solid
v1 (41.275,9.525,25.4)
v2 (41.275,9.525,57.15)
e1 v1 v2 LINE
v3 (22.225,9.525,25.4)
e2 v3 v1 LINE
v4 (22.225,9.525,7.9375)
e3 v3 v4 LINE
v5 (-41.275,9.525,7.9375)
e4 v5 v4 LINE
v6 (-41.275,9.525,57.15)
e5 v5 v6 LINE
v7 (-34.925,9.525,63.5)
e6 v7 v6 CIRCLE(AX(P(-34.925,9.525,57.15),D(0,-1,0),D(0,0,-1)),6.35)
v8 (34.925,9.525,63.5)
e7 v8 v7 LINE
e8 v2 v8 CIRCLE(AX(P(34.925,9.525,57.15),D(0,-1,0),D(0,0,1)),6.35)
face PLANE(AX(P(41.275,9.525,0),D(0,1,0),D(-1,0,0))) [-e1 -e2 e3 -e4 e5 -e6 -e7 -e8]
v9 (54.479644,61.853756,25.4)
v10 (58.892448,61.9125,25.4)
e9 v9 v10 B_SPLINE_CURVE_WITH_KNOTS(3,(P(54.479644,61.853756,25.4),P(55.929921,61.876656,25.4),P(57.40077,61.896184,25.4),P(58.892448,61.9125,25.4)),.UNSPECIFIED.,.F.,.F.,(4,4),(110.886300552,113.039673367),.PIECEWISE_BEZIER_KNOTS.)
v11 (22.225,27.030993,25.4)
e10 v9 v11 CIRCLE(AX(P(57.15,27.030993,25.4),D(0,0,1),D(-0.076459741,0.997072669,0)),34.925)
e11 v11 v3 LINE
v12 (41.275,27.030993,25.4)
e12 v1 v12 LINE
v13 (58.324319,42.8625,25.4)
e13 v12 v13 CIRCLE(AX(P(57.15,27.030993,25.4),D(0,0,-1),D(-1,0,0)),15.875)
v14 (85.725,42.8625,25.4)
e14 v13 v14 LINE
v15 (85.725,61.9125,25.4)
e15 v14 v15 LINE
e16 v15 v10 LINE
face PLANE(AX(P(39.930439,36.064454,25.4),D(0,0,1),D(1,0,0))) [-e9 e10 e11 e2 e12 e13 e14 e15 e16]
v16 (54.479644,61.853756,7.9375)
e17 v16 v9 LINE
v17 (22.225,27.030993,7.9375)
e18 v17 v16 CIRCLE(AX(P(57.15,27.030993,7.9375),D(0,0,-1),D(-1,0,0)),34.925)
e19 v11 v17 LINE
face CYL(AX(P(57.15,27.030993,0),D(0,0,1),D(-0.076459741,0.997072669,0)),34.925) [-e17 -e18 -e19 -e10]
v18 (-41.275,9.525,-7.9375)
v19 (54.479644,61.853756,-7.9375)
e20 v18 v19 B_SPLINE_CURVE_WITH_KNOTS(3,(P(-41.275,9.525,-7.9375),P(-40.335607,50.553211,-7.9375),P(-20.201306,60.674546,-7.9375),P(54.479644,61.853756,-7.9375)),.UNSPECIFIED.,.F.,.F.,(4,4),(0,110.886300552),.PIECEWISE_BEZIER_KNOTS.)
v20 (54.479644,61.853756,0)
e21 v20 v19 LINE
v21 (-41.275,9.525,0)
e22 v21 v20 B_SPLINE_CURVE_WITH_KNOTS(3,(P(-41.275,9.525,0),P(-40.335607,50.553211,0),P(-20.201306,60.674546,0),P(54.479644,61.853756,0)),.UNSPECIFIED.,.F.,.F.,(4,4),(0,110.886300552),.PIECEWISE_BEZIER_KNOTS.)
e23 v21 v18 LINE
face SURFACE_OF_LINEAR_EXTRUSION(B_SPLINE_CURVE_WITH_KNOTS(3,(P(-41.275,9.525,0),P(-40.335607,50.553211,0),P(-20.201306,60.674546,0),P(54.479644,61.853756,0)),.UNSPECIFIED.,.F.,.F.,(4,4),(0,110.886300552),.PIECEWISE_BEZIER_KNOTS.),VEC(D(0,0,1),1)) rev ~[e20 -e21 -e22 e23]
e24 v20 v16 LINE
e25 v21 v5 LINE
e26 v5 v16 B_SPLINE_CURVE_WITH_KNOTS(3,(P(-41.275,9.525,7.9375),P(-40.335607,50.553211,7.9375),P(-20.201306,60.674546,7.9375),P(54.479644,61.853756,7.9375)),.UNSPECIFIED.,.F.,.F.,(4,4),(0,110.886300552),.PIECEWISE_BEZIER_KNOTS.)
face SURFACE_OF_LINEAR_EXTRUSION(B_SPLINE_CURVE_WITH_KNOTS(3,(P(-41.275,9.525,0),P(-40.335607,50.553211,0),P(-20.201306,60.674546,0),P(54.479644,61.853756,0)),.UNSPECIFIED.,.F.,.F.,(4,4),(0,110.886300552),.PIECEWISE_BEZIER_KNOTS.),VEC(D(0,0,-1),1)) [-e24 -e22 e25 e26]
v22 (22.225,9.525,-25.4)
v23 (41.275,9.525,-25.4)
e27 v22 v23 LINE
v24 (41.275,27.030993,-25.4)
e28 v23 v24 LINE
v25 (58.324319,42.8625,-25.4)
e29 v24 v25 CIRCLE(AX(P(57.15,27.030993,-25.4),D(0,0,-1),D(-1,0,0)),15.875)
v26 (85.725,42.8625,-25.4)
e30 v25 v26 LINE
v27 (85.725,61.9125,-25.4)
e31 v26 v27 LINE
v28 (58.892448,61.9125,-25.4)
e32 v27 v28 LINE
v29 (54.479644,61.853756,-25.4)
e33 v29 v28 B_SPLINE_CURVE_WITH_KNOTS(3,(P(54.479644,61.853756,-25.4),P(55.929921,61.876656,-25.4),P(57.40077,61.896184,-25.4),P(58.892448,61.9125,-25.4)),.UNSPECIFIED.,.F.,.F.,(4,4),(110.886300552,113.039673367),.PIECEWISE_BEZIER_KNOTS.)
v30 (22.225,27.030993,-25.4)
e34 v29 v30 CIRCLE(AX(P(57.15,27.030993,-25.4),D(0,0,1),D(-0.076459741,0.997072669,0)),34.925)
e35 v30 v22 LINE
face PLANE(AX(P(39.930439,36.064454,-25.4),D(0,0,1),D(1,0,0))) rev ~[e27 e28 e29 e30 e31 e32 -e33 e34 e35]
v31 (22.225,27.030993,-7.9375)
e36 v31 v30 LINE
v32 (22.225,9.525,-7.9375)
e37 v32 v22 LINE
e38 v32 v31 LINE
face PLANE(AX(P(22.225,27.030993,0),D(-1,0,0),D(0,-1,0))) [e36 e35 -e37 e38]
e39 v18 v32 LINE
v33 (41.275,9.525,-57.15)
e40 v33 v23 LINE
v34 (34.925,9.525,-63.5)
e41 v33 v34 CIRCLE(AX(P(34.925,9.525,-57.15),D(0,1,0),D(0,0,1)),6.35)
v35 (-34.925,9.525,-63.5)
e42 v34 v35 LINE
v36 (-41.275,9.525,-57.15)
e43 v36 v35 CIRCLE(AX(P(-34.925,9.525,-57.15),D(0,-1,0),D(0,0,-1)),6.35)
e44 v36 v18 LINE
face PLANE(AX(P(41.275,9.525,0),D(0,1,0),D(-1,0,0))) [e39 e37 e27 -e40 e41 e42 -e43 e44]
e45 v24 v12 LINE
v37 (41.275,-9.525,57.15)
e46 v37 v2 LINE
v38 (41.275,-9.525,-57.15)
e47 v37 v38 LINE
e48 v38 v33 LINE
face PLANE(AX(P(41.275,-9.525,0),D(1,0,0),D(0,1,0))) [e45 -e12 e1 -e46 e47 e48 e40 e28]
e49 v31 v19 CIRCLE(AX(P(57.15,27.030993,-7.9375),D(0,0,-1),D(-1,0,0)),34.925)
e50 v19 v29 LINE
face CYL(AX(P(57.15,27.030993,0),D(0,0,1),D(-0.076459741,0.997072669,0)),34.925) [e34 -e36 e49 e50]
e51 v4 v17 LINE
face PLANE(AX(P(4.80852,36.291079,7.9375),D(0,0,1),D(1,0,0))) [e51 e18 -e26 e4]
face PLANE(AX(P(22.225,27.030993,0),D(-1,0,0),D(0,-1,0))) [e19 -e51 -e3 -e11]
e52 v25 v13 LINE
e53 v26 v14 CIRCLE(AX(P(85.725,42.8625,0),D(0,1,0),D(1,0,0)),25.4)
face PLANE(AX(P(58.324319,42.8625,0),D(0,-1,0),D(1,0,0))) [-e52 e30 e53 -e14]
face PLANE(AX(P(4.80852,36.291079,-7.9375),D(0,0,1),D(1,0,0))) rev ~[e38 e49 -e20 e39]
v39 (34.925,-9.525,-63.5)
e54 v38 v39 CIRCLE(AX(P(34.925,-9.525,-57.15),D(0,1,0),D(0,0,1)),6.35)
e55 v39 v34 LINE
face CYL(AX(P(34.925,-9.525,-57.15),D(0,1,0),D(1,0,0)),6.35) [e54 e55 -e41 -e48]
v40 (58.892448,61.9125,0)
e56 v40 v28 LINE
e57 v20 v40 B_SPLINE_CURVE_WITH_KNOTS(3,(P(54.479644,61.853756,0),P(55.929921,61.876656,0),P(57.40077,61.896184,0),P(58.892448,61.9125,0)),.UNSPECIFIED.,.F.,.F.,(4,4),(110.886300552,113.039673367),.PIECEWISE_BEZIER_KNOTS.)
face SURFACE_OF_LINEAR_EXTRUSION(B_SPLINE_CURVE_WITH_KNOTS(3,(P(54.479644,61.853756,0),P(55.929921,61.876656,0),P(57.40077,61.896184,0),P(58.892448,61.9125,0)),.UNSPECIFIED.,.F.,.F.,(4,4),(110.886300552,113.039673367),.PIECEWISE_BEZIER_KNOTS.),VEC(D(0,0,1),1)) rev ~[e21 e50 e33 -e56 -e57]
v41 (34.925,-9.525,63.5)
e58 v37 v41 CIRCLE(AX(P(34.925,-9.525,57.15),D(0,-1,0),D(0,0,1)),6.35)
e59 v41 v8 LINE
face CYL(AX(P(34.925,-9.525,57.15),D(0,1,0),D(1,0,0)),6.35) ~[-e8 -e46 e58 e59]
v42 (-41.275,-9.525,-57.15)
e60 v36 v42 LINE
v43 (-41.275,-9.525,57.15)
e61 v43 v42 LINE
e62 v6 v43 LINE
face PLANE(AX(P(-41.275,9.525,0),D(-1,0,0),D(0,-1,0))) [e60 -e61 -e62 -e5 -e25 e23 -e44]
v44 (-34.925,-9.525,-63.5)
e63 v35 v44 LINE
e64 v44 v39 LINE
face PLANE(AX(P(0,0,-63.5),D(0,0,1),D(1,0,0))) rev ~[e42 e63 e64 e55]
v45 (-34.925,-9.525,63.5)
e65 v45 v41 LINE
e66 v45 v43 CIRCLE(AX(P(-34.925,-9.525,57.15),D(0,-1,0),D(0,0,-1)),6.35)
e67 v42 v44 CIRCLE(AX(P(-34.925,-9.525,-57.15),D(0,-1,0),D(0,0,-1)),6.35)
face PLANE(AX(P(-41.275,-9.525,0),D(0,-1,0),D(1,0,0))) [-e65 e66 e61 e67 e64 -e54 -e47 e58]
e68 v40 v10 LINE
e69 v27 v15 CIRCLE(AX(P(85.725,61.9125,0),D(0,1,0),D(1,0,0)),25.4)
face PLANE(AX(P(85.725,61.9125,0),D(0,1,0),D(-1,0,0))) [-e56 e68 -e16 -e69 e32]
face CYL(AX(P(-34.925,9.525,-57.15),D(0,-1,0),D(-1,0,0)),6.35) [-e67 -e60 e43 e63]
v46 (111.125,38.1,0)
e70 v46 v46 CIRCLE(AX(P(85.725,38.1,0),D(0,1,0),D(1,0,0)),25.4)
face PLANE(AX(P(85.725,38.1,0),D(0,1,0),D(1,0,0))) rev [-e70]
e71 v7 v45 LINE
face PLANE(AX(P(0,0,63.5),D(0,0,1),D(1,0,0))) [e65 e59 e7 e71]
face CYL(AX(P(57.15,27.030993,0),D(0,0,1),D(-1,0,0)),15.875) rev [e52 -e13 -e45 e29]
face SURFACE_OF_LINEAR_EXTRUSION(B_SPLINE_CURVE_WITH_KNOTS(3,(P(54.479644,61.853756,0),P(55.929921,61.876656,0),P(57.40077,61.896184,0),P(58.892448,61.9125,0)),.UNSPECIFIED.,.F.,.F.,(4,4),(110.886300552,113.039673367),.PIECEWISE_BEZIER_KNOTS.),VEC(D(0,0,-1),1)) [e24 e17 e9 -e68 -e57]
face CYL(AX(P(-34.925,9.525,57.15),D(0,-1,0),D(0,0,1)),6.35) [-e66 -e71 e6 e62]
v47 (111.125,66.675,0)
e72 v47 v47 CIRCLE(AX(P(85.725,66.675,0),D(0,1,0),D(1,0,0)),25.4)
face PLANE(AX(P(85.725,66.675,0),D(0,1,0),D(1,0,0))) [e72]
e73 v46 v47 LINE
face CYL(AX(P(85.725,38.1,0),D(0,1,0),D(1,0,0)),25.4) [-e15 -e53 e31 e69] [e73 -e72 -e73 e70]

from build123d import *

# Parameters (mm, degrees)
F1_DEPTH = 63.5
F0_W     = 25.4
F0_H     = 19.05
F2_DEPTH = 25.4
F3_DEPTH = 7.9375
F5_R     = 6.35


with BuildPart() as f1:
    # F0 (on Top) → F1 (new body, symmetric)
    with BuildSketch(Plane.XY):
        Polygon((41.275, -9.525), (41.275, 9.525), (22.225, 9.525), (-41.275, 9.525), (-41.275, -9.525), align=None)
    extrude(amount=F1_DEPTH, both=True)

    # F0 (on Top) → F2 (join, symmetric)
    with BuildSketch(Plane.XY):
        with BuildLine():
            Line((22.225, 9.525), (41.275, 9.525))
            Line((41.275, 9.525), (41.275, 27.0309934289))
            ThreePointArc((41.275, 27.0309934289), (46.3478401758, 38.6640913883), (58.3243188197, 42.8625))
            Line((58.3243188197, 42.8625), (60.325, 42.8625))
            Line((60.325, 42.8625), (60.325, 61.9125))
            Line((60.325, 61.9125), (58.8924477992, 61.9125))
            add(Edge.make_bspline(
                [(54.4796435379, 61.8537564061), (55.9299212124, 61.8766562618), (57.4007696655, 61.8961838395), (58.8924477992, 61.9125)],
                knots=[110.8863005517, 110.8863005517, 110.8863005517, 110.8863005517, 113.0396733667, 113.0396733667, 113.0396733667, 113.0396733667], degree=3))
            ThreePointArc((54.4796435379, 61.8537564061), (31.5275701344, 50.7638127469), (22.225, 27.0309934289))
            Line((22.225, 27.0309934289), (22.225, 9.525))
        make_face()
        with Locations((73.025, 52.3875)):
            Rectangle(F0_W, F0_H)
    extrude(amount=F2_DEPTH, both=True)

    # F0 (on Top) → F3 (join, symmetric)
    with BuildSketch(Plane.XY):
        with BuildLine():
            Line((-41.275, 9.525), (22.225, 9.525))
            Line((22.225, 9.525), (22.225, 27.0309934289))
            ThreePointArc((22.225, 27.0309934289), (31.5275701344, 50.7638127469), (54.4796435379, 61.8537564061))
            add(Edge.make_bspline(
                [(-41.275, 9.525), (-40.3356067229, 50.553210625), (-20.2013057937, 60.6745456992), (54.4796435379, 61.8537564061)],
                knots=[0, 0, 0, 0, 110.8863005517, 110.8863005517, 110.8863005517, 110.8863005517], degree=3))
        make_face()
    extrude(amount=F3_DEPTH, both=True)

    # F0 (on Top) → F4 (revolve)
    with BuildSketch(Plane.XY):
        Polygon((85.725, 61.9125), (85.725, 42.8625), (85.725, 38.1), (111.125, 38.1), (111.125, 66.675), (85.725, 66.675), align=None)
    revolve(axis=Axis((85.725, 52.3875, 0), (0, 1, 0)))

    # F5
    f5_edges = [f1.edges().sort_by_distance(p)[0] for p in [
        (-41.275, 0, 63.5),
        (41.275, 0, 63.5),
        (41.275, 0, -63.5),
        (-41.275, 0, -63.5),
    ]]
    fillet(f5_edges, radius=F5_R)


solid = f1.part
